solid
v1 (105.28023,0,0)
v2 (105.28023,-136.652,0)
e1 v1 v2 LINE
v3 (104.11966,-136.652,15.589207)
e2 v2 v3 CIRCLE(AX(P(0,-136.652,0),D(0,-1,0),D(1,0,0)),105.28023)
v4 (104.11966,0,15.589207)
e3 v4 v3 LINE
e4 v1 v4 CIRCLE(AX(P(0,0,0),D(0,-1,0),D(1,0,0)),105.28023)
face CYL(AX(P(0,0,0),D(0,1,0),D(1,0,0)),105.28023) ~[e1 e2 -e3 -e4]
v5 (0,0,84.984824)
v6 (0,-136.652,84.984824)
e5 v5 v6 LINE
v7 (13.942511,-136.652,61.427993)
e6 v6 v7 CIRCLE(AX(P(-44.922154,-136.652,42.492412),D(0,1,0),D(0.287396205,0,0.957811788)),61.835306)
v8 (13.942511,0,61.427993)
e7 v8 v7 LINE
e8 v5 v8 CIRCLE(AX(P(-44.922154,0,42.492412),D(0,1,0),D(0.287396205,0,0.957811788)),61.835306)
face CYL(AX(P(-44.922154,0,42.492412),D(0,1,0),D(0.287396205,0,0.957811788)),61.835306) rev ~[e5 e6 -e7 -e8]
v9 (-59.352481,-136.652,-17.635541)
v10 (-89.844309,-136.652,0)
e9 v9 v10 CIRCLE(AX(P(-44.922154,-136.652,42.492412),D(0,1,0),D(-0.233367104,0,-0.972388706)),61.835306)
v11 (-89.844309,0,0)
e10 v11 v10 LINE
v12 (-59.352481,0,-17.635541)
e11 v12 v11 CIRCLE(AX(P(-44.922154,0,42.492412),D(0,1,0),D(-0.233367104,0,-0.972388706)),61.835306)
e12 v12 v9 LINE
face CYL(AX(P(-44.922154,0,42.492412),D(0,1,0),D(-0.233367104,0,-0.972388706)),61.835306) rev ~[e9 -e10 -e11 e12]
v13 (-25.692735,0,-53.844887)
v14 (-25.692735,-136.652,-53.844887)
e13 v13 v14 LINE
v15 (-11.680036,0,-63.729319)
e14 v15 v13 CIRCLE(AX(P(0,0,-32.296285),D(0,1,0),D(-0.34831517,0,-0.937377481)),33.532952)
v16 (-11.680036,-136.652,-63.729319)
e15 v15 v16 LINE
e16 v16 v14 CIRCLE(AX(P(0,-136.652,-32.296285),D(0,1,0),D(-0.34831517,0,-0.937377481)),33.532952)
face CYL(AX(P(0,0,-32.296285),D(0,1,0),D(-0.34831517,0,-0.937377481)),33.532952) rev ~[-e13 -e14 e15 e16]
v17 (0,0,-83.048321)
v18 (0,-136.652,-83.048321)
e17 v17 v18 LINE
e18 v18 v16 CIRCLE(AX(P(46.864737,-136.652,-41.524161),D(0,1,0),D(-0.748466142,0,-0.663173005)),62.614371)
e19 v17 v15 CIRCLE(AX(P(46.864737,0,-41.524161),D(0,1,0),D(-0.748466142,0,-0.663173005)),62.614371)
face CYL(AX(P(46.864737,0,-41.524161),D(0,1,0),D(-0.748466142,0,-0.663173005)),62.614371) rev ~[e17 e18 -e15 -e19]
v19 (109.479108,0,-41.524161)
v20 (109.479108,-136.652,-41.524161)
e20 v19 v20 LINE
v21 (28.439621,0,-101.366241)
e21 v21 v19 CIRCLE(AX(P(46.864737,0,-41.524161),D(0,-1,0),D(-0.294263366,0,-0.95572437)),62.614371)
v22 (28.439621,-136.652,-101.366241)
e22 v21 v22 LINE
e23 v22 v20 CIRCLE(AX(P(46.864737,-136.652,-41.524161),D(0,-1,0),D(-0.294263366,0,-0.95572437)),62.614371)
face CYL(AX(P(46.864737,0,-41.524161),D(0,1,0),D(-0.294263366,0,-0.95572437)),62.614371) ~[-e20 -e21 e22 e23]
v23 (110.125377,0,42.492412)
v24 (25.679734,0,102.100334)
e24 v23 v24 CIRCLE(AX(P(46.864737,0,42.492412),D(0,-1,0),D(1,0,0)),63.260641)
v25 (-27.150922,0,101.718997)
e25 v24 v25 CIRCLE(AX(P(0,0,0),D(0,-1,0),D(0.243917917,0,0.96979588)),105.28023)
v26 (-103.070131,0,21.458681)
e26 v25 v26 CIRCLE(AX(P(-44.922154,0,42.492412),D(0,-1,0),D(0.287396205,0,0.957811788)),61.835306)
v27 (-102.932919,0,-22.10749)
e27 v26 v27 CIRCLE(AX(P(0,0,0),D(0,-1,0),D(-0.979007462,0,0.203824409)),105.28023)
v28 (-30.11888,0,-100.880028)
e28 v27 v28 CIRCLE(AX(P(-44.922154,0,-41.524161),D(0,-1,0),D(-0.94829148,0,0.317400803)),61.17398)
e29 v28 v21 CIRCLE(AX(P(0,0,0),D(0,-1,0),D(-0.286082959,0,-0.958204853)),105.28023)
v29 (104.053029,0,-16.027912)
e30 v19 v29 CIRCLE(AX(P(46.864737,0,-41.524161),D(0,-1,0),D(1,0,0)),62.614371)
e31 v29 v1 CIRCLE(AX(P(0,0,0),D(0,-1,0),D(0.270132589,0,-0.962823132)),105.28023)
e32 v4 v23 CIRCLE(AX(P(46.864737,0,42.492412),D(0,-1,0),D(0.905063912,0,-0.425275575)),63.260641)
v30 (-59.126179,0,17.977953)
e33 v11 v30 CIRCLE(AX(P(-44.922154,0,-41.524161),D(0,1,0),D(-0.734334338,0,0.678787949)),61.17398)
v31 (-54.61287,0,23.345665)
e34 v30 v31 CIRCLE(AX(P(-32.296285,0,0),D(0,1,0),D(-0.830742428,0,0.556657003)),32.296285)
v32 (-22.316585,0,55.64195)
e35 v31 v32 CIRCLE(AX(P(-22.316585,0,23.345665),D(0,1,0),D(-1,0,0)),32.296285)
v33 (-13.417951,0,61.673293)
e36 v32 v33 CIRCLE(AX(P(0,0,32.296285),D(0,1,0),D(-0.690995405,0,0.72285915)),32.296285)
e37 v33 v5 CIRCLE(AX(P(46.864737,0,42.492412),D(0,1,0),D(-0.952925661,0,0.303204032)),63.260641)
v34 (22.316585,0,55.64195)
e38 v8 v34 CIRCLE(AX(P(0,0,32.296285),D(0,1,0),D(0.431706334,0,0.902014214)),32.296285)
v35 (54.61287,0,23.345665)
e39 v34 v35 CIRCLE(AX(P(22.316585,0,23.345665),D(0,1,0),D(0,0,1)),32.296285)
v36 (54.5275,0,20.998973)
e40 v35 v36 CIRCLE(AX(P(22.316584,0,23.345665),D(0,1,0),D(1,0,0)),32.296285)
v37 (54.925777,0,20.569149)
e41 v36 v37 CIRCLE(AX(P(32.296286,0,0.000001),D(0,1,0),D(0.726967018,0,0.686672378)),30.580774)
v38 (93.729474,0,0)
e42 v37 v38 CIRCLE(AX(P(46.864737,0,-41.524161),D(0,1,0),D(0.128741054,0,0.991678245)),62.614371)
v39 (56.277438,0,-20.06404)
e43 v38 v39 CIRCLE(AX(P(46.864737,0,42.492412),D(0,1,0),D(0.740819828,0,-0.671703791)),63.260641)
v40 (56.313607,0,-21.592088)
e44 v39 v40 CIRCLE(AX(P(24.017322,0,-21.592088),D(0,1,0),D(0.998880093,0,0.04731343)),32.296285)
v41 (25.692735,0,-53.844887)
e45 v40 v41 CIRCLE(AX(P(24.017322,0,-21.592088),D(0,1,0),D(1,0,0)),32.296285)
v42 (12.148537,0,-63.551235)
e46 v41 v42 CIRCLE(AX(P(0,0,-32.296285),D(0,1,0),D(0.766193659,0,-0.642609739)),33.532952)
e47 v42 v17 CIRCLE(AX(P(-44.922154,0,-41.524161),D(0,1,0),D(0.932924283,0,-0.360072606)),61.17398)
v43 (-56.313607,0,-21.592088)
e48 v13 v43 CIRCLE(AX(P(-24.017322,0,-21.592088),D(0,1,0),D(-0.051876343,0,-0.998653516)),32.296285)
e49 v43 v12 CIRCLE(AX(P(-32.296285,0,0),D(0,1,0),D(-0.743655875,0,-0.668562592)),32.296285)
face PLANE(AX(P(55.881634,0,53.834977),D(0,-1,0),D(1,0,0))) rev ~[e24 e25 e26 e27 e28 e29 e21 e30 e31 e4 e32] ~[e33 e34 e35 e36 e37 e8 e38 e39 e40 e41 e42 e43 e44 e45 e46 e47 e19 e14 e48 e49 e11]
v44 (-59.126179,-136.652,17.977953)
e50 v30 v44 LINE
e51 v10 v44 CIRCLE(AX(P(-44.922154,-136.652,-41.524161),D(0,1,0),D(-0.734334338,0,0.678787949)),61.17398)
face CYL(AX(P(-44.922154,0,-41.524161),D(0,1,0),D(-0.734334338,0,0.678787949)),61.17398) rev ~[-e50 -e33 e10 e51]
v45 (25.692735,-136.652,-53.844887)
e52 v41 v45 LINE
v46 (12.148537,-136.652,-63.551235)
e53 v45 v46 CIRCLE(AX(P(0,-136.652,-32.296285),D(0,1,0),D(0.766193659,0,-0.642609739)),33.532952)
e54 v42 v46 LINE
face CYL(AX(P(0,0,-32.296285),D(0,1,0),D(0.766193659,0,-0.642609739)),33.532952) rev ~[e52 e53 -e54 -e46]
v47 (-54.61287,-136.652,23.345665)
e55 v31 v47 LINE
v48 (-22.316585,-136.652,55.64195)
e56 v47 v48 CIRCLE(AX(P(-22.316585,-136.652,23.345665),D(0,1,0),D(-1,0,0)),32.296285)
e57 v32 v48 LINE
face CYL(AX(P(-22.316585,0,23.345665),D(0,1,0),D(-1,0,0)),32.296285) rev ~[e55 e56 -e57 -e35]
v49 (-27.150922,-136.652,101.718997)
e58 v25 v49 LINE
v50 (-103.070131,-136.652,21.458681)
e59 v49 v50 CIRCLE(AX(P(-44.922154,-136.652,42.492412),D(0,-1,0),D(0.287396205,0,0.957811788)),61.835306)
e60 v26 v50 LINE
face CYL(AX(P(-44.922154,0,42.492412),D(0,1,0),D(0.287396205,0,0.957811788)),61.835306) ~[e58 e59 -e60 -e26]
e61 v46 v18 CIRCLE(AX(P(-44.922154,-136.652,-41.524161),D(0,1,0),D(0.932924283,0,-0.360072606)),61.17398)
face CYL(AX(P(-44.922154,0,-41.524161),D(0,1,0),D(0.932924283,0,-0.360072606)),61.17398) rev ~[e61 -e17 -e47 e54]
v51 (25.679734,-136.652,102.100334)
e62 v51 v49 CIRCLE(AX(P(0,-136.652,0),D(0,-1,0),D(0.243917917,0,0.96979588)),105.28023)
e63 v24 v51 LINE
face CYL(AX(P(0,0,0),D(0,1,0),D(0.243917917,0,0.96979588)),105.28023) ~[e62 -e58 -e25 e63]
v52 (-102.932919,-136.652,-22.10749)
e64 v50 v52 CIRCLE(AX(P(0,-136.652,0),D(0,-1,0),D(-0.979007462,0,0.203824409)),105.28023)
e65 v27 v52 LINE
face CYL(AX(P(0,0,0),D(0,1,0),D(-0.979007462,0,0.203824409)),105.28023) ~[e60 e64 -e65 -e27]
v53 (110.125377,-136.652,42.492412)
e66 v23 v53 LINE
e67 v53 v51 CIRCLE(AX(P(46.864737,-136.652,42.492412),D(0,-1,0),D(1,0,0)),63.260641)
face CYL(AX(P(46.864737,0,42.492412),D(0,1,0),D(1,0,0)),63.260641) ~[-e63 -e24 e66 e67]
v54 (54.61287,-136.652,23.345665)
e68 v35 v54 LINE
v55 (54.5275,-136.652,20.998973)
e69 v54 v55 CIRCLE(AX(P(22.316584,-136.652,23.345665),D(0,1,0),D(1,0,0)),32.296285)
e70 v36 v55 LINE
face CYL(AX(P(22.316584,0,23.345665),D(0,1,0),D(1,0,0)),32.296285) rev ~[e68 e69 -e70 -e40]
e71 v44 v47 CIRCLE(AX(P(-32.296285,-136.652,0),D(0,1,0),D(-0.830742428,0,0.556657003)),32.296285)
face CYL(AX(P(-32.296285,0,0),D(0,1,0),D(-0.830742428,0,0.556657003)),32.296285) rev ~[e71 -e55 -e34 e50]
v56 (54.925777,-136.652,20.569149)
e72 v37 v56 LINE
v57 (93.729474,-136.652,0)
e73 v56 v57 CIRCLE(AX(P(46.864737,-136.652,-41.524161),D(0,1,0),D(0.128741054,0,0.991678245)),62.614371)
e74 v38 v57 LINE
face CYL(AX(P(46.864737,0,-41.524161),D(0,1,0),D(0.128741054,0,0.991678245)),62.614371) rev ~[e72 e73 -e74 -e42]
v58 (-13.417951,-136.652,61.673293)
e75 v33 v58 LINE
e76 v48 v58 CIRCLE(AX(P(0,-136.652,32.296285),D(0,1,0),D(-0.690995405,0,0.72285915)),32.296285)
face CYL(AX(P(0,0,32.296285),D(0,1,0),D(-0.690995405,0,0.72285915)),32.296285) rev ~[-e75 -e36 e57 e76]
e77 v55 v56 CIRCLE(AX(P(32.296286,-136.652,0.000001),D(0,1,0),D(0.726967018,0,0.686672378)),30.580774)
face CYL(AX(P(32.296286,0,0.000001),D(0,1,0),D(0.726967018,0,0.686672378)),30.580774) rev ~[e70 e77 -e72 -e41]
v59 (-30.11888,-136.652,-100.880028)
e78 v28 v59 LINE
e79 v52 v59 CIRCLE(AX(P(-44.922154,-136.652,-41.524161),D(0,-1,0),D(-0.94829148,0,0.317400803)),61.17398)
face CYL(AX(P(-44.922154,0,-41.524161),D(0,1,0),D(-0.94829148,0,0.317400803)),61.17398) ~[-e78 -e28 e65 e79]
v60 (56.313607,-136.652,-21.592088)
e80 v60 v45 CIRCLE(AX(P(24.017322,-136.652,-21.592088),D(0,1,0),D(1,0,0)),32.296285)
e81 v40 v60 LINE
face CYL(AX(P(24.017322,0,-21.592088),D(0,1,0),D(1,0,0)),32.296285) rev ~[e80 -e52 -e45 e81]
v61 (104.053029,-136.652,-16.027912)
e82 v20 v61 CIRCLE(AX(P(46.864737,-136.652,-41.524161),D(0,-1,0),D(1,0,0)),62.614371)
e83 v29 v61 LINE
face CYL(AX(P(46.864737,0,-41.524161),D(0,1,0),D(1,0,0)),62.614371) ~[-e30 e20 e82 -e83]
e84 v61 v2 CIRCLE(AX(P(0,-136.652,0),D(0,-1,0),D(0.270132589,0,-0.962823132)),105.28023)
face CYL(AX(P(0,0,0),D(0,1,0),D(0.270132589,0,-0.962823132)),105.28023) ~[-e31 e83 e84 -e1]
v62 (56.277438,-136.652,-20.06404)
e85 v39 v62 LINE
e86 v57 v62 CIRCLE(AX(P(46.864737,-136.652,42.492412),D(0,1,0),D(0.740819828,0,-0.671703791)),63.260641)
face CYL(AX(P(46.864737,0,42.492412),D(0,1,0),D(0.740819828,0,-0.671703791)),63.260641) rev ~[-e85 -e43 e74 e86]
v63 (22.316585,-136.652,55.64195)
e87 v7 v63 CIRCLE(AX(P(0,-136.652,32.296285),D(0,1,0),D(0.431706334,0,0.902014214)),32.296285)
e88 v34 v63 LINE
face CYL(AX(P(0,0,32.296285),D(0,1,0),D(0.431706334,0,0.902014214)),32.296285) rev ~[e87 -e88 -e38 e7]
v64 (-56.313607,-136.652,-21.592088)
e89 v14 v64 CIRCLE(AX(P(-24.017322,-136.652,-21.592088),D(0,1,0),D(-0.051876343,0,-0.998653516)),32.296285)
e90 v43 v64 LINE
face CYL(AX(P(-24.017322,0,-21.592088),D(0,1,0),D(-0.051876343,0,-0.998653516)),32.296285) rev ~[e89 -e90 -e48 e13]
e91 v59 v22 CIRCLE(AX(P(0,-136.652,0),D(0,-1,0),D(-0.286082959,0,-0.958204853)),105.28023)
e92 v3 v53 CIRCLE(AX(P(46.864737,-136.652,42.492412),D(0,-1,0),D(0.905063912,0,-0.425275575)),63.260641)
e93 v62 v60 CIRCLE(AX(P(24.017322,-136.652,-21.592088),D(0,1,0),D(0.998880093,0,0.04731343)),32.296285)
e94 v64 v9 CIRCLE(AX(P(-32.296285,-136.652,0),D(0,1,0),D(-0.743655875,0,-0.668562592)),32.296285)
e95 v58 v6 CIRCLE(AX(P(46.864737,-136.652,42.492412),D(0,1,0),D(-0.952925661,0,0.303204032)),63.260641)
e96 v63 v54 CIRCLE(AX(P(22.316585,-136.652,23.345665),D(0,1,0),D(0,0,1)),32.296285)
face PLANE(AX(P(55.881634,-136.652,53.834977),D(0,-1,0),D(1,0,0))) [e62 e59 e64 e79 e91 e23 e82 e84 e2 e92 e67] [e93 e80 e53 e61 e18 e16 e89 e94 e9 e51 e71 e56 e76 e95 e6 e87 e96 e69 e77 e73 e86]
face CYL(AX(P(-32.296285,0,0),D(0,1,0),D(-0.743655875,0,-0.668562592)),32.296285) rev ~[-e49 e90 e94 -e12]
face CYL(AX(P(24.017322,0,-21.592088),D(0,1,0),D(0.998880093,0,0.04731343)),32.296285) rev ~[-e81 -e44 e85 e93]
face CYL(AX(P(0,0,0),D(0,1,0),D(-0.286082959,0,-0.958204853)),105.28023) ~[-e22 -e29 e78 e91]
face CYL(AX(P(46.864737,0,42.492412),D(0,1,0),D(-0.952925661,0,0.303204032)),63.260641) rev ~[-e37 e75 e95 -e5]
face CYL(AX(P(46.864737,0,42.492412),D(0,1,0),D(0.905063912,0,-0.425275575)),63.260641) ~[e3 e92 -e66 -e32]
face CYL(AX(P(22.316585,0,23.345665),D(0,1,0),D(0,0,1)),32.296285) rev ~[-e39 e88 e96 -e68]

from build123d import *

# Parameters (mm, degrees)
F1_DEPTH = 136.652


with BuildPart() as f1:
    # F0 (on Front) → F1 (new body)
    with BuildSketch(Plane.XZ):
        with BuildLine():
            ThreePointArc((54.527499783, 20.9989734618), (54.7276679048, 20.7850152309), (54.9257769328, 20.5691490349))
            ThreePointArc((54.9257769328, 20.5691490349), (76.1901987299, 13.7983190429), (93.7294736505, 0))
            ThreePointArc((93.7294736505, 0), (99.5048519531, 7.4078439529), (104.1196596047, 15.589206731))
            ThreePointArc((104.1196596047, 15.589206731), (77.9936820742, 70.717129744), (25.6797344721, 102.1003335947))
            ThreePointArc((25.6797344721, 102.1003335947), (11.7801687474, 95.1325271586), (0, 84.9848240614))
            ThreePointArc((0, 84.9848240614), (8.2911620822, 73.9876177792), (13.9425107784, 61.4279930793))
            ThreePointArc((13.9425107784, 61.4279930793), (18.3589234819, 58.8669445911), (22.3165845225, 55.6419500772))
            ThreePointArc((22.3165845225, 55.6419500772), (45.1535066394, 46.1825872135), (54.6128695031, 23.3456650966))
            ThreePointArc((54.6128695031, 23.3456650966), (54.5915200165, 22.1715431248), (54.527499783, 20.9989734618))
        make_face()
        with BuildLine():
            ThreePointArc((93.7294736505, 0), (76.7382859544, -13.2702968374), (56.2774381887, -20.0640400021))
            ThreePointArc((56.2774381887, -20.0640400021), (56.3045635593, -20.8278500085), (56.3136070377, -21.5920880129))
            ThreePointArc((56.3136070377, -21.5920880129), (47.4391029946, -43.8287739455), (25.6927352215, -53.8448865624))
            ThreePointArc((25.6927352215, -53.8448865624), (19.5331456536, -59.5527538305), (12.1485373896, -63.5512351899))
            ThreePointArc((12.1485373896, -63.5512351899), (6.9976805403, -73.8751515766), (0, -83.0483213067))
            ThreePointArc((0, -83.0483213067), (12.9593131443, -94.1642757812), (28.4396211824, -101.3662410752))
            ThreePointArc((28.4396211824, -101.3662410752), (78.7986877851, -69.8190066246), (104.0530293111, -16.027912337))
            ThreePointArc((104.0530293111, -16.027912337), (99.5048519531, -7.6187369724), (93.7294736505, 0))
        make_face()
        with BuildLine():
            ThreePointArc((104.1196596047, 15.589206731), (99.5048519531, 7.4078439529), (93.7294736505, 0))
            ThreePointArc((93.7294736505, 0), (99.5048519531, -7.6187369724), (104.0530293111, -16.027912337))
            ThreePointArc((104.0530293111, -16.027912337), (104.9729816843, -8.0374124574), (105.2802302558, 0))
            ThreePointArc((105.2802302558, 0), (104.9896866841, 7.816173788), (104.1196596047, 15.589206731))
        make_face()
        with BuildLine():
            ThreePointArc((109.4791079844, -41.5241606534), (108.1075668029, -28.4905405885), (104.0530293111, -16.027912337))
            ThreePointArc((104.0530293111, -16.027912337), (78.7986877851, -69.8190066246), (28.4396211824, -101.3662410752))
            ThreePointArc((28.4396211824, -101.3662410752), (84.0593765341, -91.8939755487), (109.4791079844, -41.5241606534))
        make_face()
        with BuildLine():
            ThreePointArc((25.6797344721, 102.1003335947), (77.9936820742, 70.717129744), (104.1196596047, 15.589206731))
            ThreePointArc((104.1196596047, 15.589206731), (108.6056945653, 28.7097136295), (110.1253773364, 42.4924120307))
            ThreePointArc((110.1253773364, 42.4924120307), (83.3457717598, 94.174543643), (25.6797344721, 102.1003335947))
        make_face()
        with BuildLine():
            ThreePointArc((-56.3136070377, -21.5920880129), (-57.9095553347, -19.6725800372), (-59.3524805988, -17.6355408825))
            ThreePointArc((-59.3524805988, -17.6355408825), (-75.8807124036, -11.0348961584), (-89.8443087935, 0))
            ThreePointArc((-89.8443087935, 0), (-97.5622695247, -10.3588890688), (-102.9329187465, -22.1074901568))
            ThreePointArc((-102.9329187465, -22.1074901568), (-77.3108882291, -71.4629515478), (-30.118879838, -100.8800275576))
            ThreePointArc((-30.118879838, -100.8800275576), (-13.7568828123, -94.1642757812), (0, -83.0483213067))
            ThreePointArc((0, -83.0483213067), (-6.7178829074, -73.9195667822), (-11.6800359007, -63.7293191111))
            ThreePointArc((-11.6800359007, -63.7293191111), (-19.3289034102, -59.6979704443), (-25.6927352215, -53.8448865624))
            ThreePointArc((-25.6927352215, -53.8448865624), (-47.4391029946, -43.8287739455), (-56.3136070377, -21.5920880129))
        make_face()
        with BuildLine():
            ThreePointArc((-30.118879838, -100.8800275576), (-0.874115727, -105.2766014098), (28.4396211824, -101.3662410752))
            ThreePointArc((28.4396211824, -101.3662410752), (12.9593131443, -94.1642757812), (0, -83.0483213067))
            ThreePointArc((0, -83.0483213067), (-13.7568828123, -94.1642757812), (-30.118879838, -100.8800275576))
        make_face()
        with BuildLine():
            ThreePointArc((0, 84.9848240614), (11.7801687474, 95.1325271586), (25.6797344721, 102.1003335947))
            ThreePointArc((25.6797344721, 102.1003335947), (-0.7599031291, 105.2774877642), (-27.1509221895, 101.7189967851))
            ThreePointArc((-27.1509221895, 101.7189967851), (-12.4779975244, 95.1325271586), (0, 84.9848240614))
        make_face()
        with BuildLine():
            ThreePointArc((-102.9329187465, -22.1074901568), (-97.5622695247, -10.3588890688), (-89.8443087935, 0))
            ThreePointArc((-89.8443087935, 0), (-97.5622695247, 10.0482551584), (-103.0701310001, 21.4586807219))
            ThreePointArc((-103.0701310001, 21.4586807219), (-105.2797080994, -0.3315798868), (-102.9329187465, -22.1074901568))
        make_face()
        with BuildLine():
            ThreePointArc((-103.0701310001, 21.4586807219), (-97.5622695247, 10.0482551584), (-89.8443087935, 0))
            ThreePointArc((-89.8443087935, 0), (-75.8216360442, 11.2724103293), (-59.1261791661, 17.977953208))
            ThreePointArc((-59.1261791661, 17.977953208), (-57.0156534005, 20.7846782143), (-54.6128695031, 23.3456650966))
            ThreePointArc((-54.6128695031, 23.3456650966), (-45.1535066394, 46.1825872135), (-22.3165845225, 55.6419500772))
            ThreePointArc((-22.3165845225, 55.6419500772), (-18.1199759802, 59.0304671081), (-13.4179508285, 61.6732933224))
            ThreePointArc((-13.4179508285, 61.6732933224), (-7.9622593488, 74.0504399858), (0, 84.9848240614))
            ThreePointArc((0, 84.9848240614), (-12.4779975244, 95.1325271586), (-27.1509221895, 101.7189967851))
            ThreePointArc((-27.1509221895, 101.7189967851), (-76.4840523057, 72.3471950086), (-103.0701310001, 21.4586807219))
        make_face()
        with BuildLine():
            ThreePointArc((-102.9329187465, -22.1074901568), (-89.8443087935, -83.0483213067), (-30.118879838, -100.8800275576))
            ThreePointArc((-30.118879838, -100.8800275576), (-77.3108882291, -71.4629515478), (-102.9329187465, -22.1074901568))
        make_face()
        with BuildLine():
            ThreePointArc((-103.0701310001, 21.4586807219), (-76.4840523057, 72.3471950086), (-27.1509221895, 101.7189967851))
            ThreePointArc((-27.1509221895, 101.7189967851), (-89.8443087935, 84.9848240614), (-103.0701310001, 21.4586807219))
        make_face()
    extrude(amount=F1_DEPTH)


solid = f1.part
